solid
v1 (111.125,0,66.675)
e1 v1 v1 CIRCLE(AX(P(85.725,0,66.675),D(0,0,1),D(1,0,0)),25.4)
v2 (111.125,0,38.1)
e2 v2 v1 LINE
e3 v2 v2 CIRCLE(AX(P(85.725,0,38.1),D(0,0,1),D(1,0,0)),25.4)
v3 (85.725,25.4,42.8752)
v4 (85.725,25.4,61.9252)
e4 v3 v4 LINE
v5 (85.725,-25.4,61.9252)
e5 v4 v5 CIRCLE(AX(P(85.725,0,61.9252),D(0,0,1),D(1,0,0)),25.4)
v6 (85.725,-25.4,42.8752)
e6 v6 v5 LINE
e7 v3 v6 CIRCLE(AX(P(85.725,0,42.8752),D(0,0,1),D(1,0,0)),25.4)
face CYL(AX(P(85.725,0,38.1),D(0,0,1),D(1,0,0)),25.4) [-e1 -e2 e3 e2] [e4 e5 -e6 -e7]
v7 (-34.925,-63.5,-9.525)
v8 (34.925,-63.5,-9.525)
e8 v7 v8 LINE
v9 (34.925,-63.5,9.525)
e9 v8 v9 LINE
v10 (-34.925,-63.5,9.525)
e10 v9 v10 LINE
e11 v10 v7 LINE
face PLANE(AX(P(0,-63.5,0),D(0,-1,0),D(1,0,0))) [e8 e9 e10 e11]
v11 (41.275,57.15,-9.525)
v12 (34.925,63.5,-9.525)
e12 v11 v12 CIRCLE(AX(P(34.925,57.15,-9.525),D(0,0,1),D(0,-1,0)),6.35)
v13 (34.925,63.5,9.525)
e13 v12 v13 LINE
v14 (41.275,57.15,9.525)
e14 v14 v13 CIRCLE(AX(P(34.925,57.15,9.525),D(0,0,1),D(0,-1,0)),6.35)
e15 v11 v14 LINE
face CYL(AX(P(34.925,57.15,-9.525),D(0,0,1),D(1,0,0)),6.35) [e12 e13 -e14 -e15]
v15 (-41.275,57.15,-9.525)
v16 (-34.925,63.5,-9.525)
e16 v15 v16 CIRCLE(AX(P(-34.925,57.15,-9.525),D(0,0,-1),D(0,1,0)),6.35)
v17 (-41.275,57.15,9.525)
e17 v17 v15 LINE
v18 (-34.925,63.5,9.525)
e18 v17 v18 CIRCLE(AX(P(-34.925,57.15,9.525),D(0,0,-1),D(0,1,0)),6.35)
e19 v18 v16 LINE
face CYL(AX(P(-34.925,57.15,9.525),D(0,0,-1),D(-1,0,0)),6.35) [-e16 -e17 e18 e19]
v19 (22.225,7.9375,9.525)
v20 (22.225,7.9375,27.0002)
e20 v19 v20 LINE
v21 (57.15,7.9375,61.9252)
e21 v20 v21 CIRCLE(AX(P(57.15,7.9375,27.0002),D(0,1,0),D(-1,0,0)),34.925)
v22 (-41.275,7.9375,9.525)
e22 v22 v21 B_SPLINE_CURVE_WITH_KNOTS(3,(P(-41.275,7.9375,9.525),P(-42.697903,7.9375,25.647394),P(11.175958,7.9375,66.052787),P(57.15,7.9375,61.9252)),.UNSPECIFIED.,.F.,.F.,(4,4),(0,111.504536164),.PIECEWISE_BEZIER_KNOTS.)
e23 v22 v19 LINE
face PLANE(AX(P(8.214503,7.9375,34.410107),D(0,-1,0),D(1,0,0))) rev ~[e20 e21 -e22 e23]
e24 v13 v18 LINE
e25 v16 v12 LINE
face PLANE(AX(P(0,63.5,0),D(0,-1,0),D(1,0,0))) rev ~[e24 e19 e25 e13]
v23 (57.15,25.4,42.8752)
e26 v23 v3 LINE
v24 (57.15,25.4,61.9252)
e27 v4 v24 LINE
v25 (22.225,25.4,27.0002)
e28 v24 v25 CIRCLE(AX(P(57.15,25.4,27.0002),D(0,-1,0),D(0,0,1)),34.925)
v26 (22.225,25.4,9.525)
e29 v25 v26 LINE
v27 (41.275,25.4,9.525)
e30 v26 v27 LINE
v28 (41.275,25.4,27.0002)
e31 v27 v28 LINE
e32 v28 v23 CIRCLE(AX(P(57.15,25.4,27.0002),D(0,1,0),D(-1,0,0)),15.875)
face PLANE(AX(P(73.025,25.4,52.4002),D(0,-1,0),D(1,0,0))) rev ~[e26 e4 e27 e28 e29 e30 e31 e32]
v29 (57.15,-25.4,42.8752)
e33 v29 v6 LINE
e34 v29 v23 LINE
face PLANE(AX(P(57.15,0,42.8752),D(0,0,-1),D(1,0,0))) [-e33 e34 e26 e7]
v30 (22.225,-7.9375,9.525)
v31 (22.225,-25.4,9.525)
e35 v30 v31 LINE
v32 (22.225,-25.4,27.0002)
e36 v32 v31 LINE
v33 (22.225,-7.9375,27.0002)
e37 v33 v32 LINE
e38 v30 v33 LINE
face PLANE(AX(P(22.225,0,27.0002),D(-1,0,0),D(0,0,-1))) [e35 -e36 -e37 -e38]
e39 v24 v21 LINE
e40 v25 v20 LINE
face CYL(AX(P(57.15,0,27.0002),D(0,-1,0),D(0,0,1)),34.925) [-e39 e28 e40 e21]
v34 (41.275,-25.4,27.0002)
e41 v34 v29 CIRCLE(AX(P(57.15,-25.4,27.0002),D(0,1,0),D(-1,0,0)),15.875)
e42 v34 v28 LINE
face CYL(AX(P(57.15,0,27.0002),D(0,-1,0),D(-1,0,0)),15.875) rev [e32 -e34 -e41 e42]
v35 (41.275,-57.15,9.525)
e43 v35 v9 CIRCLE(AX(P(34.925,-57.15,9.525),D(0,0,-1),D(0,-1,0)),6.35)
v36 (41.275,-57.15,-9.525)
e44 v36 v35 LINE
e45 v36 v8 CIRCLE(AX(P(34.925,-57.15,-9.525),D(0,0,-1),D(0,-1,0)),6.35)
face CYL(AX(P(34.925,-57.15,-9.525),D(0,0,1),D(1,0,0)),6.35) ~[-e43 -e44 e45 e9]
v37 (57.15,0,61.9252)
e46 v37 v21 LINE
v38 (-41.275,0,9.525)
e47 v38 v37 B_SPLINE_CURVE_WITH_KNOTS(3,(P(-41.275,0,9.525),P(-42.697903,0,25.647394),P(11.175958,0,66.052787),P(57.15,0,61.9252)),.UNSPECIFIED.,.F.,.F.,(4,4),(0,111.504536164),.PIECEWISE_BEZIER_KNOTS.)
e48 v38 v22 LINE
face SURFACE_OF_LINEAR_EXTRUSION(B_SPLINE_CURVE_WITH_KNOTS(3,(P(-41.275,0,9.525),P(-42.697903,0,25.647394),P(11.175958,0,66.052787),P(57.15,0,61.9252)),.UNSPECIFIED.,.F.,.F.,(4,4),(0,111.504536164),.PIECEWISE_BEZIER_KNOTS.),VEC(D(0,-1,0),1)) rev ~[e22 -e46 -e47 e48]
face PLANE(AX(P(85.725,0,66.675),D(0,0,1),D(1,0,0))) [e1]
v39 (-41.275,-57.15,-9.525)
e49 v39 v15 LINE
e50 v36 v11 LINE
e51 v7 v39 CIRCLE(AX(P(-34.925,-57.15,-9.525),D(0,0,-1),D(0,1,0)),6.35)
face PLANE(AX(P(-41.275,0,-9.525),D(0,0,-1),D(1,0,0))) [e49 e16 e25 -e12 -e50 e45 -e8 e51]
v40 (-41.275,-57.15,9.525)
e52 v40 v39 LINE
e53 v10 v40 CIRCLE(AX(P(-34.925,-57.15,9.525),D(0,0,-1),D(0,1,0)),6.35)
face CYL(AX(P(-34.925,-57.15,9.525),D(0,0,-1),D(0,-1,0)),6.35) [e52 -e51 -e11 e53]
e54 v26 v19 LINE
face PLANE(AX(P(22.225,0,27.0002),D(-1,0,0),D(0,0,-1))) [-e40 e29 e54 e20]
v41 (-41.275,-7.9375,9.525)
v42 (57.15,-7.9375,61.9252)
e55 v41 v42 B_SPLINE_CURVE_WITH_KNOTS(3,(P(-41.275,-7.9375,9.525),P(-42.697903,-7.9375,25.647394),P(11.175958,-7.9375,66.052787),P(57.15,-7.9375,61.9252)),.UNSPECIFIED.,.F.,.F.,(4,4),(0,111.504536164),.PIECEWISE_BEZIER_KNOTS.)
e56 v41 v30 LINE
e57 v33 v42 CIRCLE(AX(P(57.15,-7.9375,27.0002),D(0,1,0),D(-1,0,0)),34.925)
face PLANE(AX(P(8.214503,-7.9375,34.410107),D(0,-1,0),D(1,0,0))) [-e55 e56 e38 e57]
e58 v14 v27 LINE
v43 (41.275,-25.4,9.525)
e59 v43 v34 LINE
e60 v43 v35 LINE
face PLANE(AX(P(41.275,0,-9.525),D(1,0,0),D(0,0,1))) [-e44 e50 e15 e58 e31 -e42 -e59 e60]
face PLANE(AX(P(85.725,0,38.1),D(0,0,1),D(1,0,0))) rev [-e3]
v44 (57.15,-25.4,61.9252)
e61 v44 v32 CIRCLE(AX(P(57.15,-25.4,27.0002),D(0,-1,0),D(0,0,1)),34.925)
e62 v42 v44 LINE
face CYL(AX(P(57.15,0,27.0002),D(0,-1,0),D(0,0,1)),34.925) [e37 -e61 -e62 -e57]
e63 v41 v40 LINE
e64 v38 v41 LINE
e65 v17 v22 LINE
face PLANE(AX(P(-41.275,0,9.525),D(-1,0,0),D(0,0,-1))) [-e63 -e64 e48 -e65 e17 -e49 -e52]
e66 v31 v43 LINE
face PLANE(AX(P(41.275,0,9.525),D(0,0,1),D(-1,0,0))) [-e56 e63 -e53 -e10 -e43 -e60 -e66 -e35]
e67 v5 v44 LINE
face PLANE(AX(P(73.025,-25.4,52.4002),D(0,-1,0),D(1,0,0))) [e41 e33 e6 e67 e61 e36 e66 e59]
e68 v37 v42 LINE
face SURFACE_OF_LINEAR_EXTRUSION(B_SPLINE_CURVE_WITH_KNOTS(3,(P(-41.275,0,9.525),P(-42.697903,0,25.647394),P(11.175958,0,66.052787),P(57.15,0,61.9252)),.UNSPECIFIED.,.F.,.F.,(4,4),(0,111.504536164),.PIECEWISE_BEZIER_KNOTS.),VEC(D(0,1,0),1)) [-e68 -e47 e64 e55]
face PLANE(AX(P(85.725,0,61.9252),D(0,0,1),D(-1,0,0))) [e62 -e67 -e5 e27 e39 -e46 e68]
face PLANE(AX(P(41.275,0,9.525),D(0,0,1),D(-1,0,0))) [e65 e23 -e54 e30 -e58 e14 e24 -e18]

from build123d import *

# Parameters (mm, degrees)
F1_DEPTH = 63.5
F0_W     = 25.4
F0_H     = 19.05
F2_DEPTH = 25.4
F3_DEPTH = 7.9375
F5_R     = 6.35


with BuildPart() as f1:
    # F0 (on Front) → F1 (new body, symmetric)
    with BuildSketch(Plane.XZ):
        Polygon((41.275, -9.525), (41.275, 9.525), (22.225, 9.525), (-41.275, 9.525), (-41.275, -9.525), align=None)
    extrude(amount=F1_DEPTH, both=True)

    # F0 (on Front) → F2 (join, symmetric)
    with BuildSketch(Plane.XZ):
        with Locations((73.025, 52.4002)):
            Rectangle(F0_W, F0_H)
        with BuildLine():
            Line((22.225, 9.525), (41.275, 9.525))
            Line((41.275, 9.525), (41.275, 27.0002))
            ThreePointArc((41.275, 27.0002), (45.9246798487, 38.2255201513), (57.15, 42.8752))
            Line((57.15, 42.8752), (60.325, 42.8752))
            Line((60.325, 42.8752), (60.325, 61.9252))
            Line((60.325, 61.9252), (57.15, 61.9252))
            ThreePointArc((57.15, 61.9252), (32.4542956671, 51.6959043329), (22.225, 27.0002))
            Line((22.225, 27.0002), (22.225, 9.525))
        make_face()
    extrude(amount=F2_DEPTH, both=True)

    # F0 (on Front) → F3 (join, symmetric)
    with BuildSketch(Plane.XZ):
        with BuildLine():
            Line((-41.275, 9.525), (22.225, 9.525))
            Line((22.225, 9.525), (22.225, 27.0002))
            ThreePointArc((22.225, 27.0002), (32.4542956671, 51.6959043329), (57.15, 61.9252))
            add(Edge.make_bspline(
                [(-41.275, 9.525), (-42.6979027689, 25.6473943591), (11.1759584397, 66.0527870059), (57.15, 61.9252)],
                knots=[0, 0, 0, 0, 111.5045361635, 111.5045361635, 111.5045361635, 111.5045361635], degree=3))
        make_face()
    extrude(amount=F3_DEPTH, both=True)

    # F0 (on Front) → F4 (revolve)
    with BuildSketch(Plane.XZ):
        Polygon((85.725, 61.9252), (85.725, 42.8752), (85.725, 38.1), (111.125, 38.1), (111.125, 66.675), (85.725, 66.675), align=None)
    revolve(axis=Axis((85.725, 0, 52.3875), (0, 0, 1)))

    # F5
    f5_edges = [f1.edges().sort_by_distance(p)[0] for p in [
        (41.275, -63.5, 0),
        (-41.275, -63.5, 0),
        (41.275, 63.5, 0),
        (-41.275, 63.5, 0),
    ]]
    fillet(f5_edges, radius=F5_R)


solid = f1.part
